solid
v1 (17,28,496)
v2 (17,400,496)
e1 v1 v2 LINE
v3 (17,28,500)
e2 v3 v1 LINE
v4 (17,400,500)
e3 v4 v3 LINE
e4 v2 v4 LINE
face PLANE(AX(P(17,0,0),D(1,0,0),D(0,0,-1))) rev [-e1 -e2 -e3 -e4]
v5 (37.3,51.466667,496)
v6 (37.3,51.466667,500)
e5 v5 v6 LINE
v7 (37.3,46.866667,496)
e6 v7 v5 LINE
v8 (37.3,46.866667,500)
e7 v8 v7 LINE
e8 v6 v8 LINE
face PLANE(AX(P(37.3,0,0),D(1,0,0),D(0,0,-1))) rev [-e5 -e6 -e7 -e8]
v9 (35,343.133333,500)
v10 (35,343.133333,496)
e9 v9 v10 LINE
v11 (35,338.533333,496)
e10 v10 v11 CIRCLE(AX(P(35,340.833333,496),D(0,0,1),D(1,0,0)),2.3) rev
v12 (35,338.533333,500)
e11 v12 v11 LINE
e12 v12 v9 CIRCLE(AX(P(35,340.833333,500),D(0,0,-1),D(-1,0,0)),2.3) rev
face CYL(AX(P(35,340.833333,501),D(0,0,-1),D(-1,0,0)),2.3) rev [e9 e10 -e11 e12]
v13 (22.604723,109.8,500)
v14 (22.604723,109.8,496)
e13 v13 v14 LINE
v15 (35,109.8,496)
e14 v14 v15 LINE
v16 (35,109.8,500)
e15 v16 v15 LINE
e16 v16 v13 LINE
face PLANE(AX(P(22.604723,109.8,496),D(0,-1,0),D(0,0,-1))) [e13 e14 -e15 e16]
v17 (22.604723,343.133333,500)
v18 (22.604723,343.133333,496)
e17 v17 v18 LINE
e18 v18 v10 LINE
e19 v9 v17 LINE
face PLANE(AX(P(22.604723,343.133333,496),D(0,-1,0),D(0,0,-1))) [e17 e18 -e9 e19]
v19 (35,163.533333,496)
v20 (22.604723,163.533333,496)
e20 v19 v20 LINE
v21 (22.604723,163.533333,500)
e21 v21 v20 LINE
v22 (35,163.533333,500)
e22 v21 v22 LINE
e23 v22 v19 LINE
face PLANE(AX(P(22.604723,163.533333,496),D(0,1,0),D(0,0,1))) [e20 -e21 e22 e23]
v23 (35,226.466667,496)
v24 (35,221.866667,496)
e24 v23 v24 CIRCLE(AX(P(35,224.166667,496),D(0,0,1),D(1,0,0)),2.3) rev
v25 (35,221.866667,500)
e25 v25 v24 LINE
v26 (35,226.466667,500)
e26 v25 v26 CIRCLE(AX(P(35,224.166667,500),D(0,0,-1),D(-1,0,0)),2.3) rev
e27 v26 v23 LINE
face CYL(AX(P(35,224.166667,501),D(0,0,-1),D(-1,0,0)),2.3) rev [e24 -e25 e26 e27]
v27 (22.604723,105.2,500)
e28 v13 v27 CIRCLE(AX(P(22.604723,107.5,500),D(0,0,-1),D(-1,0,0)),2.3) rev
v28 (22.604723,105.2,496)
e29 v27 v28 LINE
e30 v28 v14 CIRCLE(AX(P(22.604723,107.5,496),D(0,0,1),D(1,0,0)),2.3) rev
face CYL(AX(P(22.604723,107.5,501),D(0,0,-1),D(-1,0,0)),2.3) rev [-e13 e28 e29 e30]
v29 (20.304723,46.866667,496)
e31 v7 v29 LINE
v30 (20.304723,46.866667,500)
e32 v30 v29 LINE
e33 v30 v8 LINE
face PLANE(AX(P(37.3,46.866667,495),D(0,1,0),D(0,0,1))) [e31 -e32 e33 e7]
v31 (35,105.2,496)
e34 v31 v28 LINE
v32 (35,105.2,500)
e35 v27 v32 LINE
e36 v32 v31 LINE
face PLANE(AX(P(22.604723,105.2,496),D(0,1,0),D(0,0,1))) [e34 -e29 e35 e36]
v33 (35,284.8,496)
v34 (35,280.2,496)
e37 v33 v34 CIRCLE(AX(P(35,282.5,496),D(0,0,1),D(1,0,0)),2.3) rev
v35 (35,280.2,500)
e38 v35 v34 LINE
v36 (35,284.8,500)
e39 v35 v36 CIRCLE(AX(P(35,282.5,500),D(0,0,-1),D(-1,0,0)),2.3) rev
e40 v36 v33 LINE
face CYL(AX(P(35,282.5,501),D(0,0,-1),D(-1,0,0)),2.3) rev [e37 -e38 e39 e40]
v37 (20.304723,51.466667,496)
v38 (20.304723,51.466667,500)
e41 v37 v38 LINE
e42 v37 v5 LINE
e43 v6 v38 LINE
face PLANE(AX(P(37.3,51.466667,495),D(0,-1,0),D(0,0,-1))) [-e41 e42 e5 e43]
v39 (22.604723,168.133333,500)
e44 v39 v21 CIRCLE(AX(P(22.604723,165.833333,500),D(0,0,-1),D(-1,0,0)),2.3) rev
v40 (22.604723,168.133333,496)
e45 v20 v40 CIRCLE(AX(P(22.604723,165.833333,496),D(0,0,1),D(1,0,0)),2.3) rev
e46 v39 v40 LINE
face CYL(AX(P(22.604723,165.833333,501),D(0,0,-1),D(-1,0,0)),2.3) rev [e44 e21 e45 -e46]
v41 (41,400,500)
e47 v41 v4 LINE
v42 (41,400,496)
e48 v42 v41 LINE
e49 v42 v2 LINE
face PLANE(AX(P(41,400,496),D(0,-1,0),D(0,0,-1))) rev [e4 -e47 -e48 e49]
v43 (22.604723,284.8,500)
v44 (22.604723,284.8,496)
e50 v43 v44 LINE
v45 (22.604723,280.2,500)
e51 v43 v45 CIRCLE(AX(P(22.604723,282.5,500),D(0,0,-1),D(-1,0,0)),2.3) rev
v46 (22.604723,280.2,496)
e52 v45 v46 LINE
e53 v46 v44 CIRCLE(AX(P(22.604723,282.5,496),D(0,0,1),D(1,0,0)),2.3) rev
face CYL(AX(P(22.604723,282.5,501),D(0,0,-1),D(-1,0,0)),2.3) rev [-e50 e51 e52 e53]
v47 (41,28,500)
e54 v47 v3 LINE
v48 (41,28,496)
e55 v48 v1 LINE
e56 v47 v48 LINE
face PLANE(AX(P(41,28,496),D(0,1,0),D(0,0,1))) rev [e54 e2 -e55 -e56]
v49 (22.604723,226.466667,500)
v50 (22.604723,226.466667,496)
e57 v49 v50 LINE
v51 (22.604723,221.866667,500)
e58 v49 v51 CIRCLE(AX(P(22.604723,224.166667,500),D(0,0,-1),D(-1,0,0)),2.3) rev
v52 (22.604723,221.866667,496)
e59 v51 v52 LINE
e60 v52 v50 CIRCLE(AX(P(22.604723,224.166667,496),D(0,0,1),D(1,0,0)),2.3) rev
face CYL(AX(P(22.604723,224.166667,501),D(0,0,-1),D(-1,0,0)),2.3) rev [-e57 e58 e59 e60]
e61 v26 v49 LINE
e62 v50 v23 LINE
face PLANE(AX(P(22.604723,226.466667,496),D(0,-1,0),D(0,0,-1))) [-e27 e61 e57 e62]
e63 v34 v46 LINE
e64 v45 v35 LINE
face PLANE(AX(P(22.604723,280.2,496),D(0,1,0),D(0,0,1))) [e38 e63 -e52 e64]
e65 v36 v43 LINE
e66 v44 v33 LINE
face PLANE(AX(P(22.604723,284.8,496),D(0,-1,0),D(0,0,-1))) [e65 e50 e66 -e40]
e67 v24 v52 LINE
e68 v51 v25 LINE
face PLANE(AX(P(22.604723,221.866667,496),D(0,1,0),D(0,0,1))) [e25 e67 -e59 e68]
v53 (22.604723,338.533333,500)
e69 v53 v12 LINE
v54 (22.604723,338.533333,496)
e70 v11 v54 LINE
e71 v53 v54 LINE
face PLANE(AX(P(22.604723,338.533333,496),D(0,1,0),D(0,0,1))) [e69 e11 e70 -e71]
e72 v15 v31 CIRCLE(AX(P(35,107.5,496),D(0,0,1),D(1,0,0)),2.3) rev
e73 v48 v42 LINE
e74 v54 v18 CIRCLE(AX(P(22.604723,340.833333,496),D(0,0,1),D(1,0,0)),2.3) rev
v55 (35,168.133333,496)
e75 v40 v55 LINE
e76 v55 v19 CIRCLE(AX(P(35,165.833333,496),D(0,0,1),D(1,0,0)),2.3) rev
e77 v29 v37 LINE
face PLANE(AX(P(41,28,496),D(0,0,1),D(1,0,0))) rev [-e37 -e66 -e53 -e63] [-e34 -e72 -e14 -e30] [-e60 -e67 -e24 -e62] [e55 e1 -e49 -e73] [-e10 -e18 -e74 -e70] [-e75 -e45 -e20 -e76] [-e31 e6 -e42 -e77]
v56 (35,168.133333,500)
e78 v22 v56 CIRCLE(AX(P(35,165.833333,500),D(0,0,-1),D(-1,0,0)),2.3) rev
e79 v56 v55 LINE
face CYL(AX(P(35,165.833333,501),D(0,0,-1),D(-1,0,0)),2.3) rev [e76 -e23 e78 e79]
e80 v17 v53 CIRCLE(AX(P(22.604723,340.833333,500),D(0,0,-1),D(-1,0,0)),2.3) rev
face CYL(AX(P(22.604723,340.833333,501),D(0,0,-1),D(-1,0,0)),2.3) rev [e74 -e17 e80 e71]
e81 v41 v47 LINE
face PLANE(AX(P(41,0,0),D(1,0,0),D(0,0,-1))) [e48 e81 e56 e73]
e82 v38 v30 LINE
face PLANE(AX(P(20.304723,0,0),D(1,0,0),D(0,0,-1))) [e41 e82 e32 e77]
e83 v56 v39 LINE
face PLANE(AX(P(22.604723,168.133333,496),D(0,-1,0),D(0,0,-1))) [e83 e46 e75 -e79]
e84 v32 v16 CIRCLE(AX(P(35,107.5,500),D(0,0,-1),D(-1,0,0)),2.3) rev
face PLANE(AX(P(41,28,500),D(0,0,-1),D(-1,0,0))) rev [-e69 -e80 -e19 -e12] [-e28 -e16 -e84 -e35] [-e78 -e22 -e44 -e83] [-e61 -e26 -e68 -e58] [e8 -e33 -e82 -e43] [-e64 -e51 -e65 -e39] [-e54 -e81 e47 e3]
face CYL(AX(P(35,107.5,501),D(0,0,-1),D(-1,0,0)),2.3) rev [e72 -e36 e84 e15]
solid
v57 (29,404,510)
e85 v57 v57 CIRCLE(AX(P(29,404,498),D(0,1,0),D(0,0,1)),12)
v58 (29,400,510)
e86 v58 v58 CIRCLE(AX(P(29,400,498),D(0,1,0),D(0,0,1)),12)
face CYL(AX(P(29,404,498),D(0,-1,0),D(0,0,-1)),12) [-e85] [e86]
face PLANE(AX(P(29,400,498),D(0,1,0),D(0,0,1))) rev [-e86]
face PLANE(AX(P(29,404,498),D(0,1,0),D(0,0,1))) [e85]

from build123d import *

# Parameters (mm, degrees)
SLOT_0_START            = 20.304722665
SKETCH1_W               = 6
SKETCH1_H               = 4.6
SLOT_0_DEPTH            = 16.995277335
BAR_START               = 17
SKETCH2_W               = 4
SKETCH2_H               = 372
BAR_DEPTH               = 24
SLOT_END_1_START        = 495
SKETCH3_R               = 2.3
SLOT_END_1_DEPTH        = 6
SLOT_END_B_1_START      = 495
SKETCH4_R               = 2.3
SLOT_END_B_1_DEPTH      = 6
CUT_EXTRUDE1_DEPTH      = 642.623721507
CUT_EXTRUDE1_DEPTH_BACK = 642.623721507
SKETCH5_W               = 12.395277335
SKETCH5_H               = 4.6
SLOT_END_2_START        = 495
SKETCH6_R               = 2.3
SLOT_END_2_DEPTH        = 6
SLOT_END_B_2_START      = 495
SKETCH7_R               = 2.3
SLOT_END_B_2_DEPTH      = 6
CUT_EXTRUDE2_DEPTH      = 642.623721507
CUT_EXTRUDE2_DEPTH_BACK = 642.623721507
SKETCH8_W               = 12.395277335
SKETCH8_H               = 4.6
SLOT_END_3_START        = 495
SKETCH9_R               = 2.3
SLOT_END_3_DEPTH        = 6
SLOT_END_B_3_START      = 495
SKETCH10_R              = 2.3
SLOT_END_B_3_DEPTH      = 6
CUT_EXTRUDE3_DEPTH      = 642.623721507
CUT_EXTRUDE3_DEPTH_BACK = 642.623721507
SKETCH11_W              = 12.395277335
SKETCH11_H              = 4.6
SLOT_END_4_START        = 495
SKETCH12_R              = 2.3
SLOT_END_4_DEPTH        = 6
SLOT_END_B_4_START      = 495
SKETCH13_R              = 2.3
SLOT_END_B_4_DEPTH      = 6
CUT_EXTRUDE4_DEPTH      = 642.623721507
CUT_EXTRUDE4_DEPTH_BACK = 642.623721507
SKETCH14_W              = 12.395277335
SKETCH14_H              = 4.6
SLOT_END_5_START        = 495
SKETCH15_R              = 2.3
SLOT_END_5_DEPTH        = 6
SLOT_END_B_5_START      = 495
SKETCH16_R              = 2.3
SLOT_END_B_5_DEPTH      = 6
CUT_EXTRUDE5_DEPTH      = 642.623721507
CUT_EXTRUDE5_DEPTH_BACK = 642.623721507
SKETCH17_W              = 12.395277335
SKETCH17_H              = 4.6
CROSSHEAD_START         = 400
SKETCH18_R              = 12
CROSSHEAD_DEPTH         = 4


with BuildPart() as part:
    # Sketch1 → slot_0 (new body)
    with BuildSketch(Plane(origin=(0, 0, 0), x_dir=(0, 0, -1), z_dir=(1, 0, 0)).offset(SLOT_0_START)):
        with Locations((-498, 49.166666667)):
            Rectangle(SKETCH1_W, SKETCH1_H)
    extrude(amount=SLOT_0_DEPTH)


with BuildPart() as body_2:
    # Sketch2 → bar (new body)
    with BuildSketch(Plane(origin=(0, 0, 0), x_dir=(0, 0, -1), z_dir=(1, 0, 0)).offset(BAR_START)):
        with Locations((-498, 214)):
            Rectangle(SKETCH2_W, SKETCH2_H)
    extrude(amount=BAR_DEPTH)

    # Combine1: cut part
    add(part.part, mode=Mode.SUBTRACT)


with BuildPart() as body_2_2:
    # Sketch3 → slot_end_1 (new body)
    with BuildSketch(Plane.XY.offset(SLOT_END_1_START)):
        with Locations((22.604722665, 107.5)):
            Circle(SKETCH3_R)
    extrude(amount=SLOT_END_1_DEPTH)


with BuildPart() as body_2_1:
    add(body_2.part)

    # Combine2: cut body 2 2
    add(body_2_2.part, mode=Mode.SUBTRACT)


with BuildPart() as body_2_3:
    # Sketch4 → slot_end_b_1 (new body)
    with BuildSketch(Plane.XY.offset(SLOT_END_B_1_START)):
        with Locations((35, 107.5)):
            Circle(SKETCH4_R)
    extrude(amount=SLOT_END_B_1_DEPTH)


with BuildPart() as body_2_4:
    add(body_2_1.part)

    # Combine3: cut body 2 3
    add(body_2_3.part, mode=Mode.SUBTRACT)

    # Sketch5 → Cut-Extrude1 (cut, two sides: drawn at the far end of the back side and taken through both)
    with BuildSketch(Plane.XY.offset(-CUT_EXTRUDE1_DEPTH_BACK)):
        with Locations((28.802361332, 107.5)):
            Rectangle(SKETCH5_W, SKETCH5_H)
    extrude(amount=CUT_EXTRUDE1_DEPTH + CUT_EXTRUDE1_DEPTH_BACK, mode=Mode.SUBTRACT)


with BuildPart() as body_2_4_1:
    # Sketch6 → slot_end_2 (new body)
    with BuildSketch(Plane.XY.offset(SLOT_END_2_START)):
        with Locations((22.604722665, 165.833333333)):
            Circle(SKETCH6_R)
    extrude(amount=SLOT_END_2_DEPTH)


with BuildPart() as body_2_5:
    add(body_2_4.part)

    # Combine4: cut body 2 4
    add(body_2_4_1.part, mode=Mode.SUBTRACT)


with BuildPart() as body_2_5_1:
    # Sketch7 → slot_end_b_2 (new body)
    with BuildSketch(Plane.XY.offset(SLOT_END_B_2_START)):
        with Locations((35, 165.833333333)):
            Circle(SKETCH7_R)
    extrude(amount=SLOT_END_B_2_DEPTH)


with BuildPart() as body_2_6:
    add(body_2_5.part)

    # Combine5: cut body 2 5
    add(body_2_5_1.part, mode=Mode.SUBTRACT)

    # Sketch8 → Cut-Extrude2 (cut, two sides: drawn at the far end of the back side and taken through both)
    with BuildSketch(Plane.XY.offset(-CUT_EXTRUDE2_DEPTH_BACK)):
        with Locations((28.802361332, 165.833333333)):
            Rectangle(SKETCH8_W, SKETCH8_H)
    extrude(amount=CUT_EXTRUDE2_DEPTH + CUT_EXTRUDE2_DEPTH_BACK, mode=Mode.SUBTRACT)


with BuildPart() as body_2_6_1:
    # Sketch9 → slot_end_3 (new body)
    with BuildSketch(Plane.XY.offset(SLOT_END_3_START)):
        with Locations((22.604722665, 224.166666667)):
            Circle(SKETCH9_R)
    extrude(amount=SLOT_END_3_DEPTH)


with BuildPart() as body_2_7:
    add(body_2_6.part)

    # Combine6: cut body 2 6
    add(body_2_6_1.part, mode=Mode.SUBTRACT)


with BuildPart() as body_2_7_1:
    # Sketch10 → slot_end_b_3 (new body)
    with BuildSketch(Plane.XY.offset(SLOT_END_B_3_START)):
        with Locations((35, 224.166666667)):
            Circle(SKETCH10_R)
    extrude(amount=SLOT_END_B_3_DEPTH)


with BuildPart() as body_2_8:
    add(body_2_7.part)

    # Combine7: cut body 2 7
    add(body_2_7_1.part, mode=Mode.SUBTRACT)

    # Sketch11 → Cut-Extrude3 (cut, two sides: drawn at the far end of the back side and taken through both)
    with BuildSketch(Plane.XY.offset(-CUT_EXTRUDE3_DEPTH_BACK)):
        with Locations((28.802361332, 224.166666667)):
            Rectangle(SKETCH11_W, SKETCH11_H)
    extrude(amount=CUT_EXTRUDE3_DEPTH + CUT_EXTRUDE3_DEPTH_BACK, mode=Mode.SUBTRACT)


with BuildPart() as body_2_8_1:
    # Sketch12 → slot_end_4 (new body)
    with BuildSketch(Plane.XY.offset(SLOT_END_4_START)):
        with Locations((22.604722665, 282.5)):
            Circle(SKETCH12_R)
    extrude(amount=SLOT_END_4_DEPTH)


with BuildPart() as body_2_9:
    add(body_2_8.part)

    # Combine8: cut body 2 8
    add(body_2_8_1.part, mode=Mode.SUBTRACT)


with BuildPart() as body_2_9_1:
    # Sketch13 → slot_end_b_4 (new body)
    with BuildSketch(Plane.XY.offset(SLOT_END_B_4_START)):
        with Locations((35, 282.5)):
            Circle(SKETCH13_R)
    extrude(amount=SLOT_END_B_4_DEPTH)


with BuildPart() as body_2_10:
    add(body_2_9.part)

    # Combine9: cut body 2 9
    add(body_2_9_1.part, mode=Mode.SUBTRACT)

    # Sketch14 → Cut-Extrude4 (cut, two sides: drawn at the far end of the back side and taken through both)
    with BuildSketch(Plane.XY.offset(-CUT_EXTRUDE4_DEPTH_BACK)):
        with Locations((28.802361332, 282.5)):
            Rectangle(SKETCH14_W, SKETCH14_H)
    extrude(amount=CUT_EXTRUDE4_DEPTH + CUT_EXTRUDE4_DEPTH_BACK, mode=Mode.SUBTRACT)


with BuildPart() as body_2_10_1:
    # Sketch15 → slot_end_5 (new body)
    with BuildSketch(Plane.XY.offset(SLOT_END_5_START)):
        with Locations((22.604722665, 340.833333333)):
            Circle(SKETCH15_R)
    extrude(amount=SLOT_END_5_DEPTH)


with BuildPart() as body_2_11:
    add(body_2_10.part)

    # Combine10: cut body 2 10
    add(body_2_10_1.part, mode=Mode.SUBTRACT)


with BuildPart() as body_2_11_1:
    # Sketch16 → slot_end_b_5 (new body)
    with BuildSketch(Plane.XY.offset(SLOT_END_B_5_START)):
        with Locations((35, 340.833333333)):
            Circle(SKETCH16_R)
    extrude(amount=SLOT_END_B_5_DEPTH)


with BuildPart() as body_2_12:
    add(body_2_11.part)

    # Combine11: cut body 2 11
    add(body_2_11_1.part, mode=Mode.SUBTRACT)

    # Sketch17 → Cut-Extrude5 (cut, two sides: drawn at the far end of the back side and taken through both)
    with BuildSketch(Plane.XY.offset(-CUT_EXTRUDE5_DEPTH_BACK)):
        with Locations((28.802361332, 340.833333333)):
            Rectangle(SKETCH17_W, SKETCH17_H)
    extrude(amount=CUT_EXTRUDE5_DEPTH + CUT_EXTRUDE5_DEPTH_BACK, mode=Mode.SUBTRACT)


with BuildPart() as body_2_12_1:
    # Sketch18 → crosshead (new body)
    with BuildSketch(Plane(origin=(0, 0, 0), x_dir=(1, 0, 0), z_dir=(0, 1, 0)).offset(CROSSHEAD_START)):
        with Locations((29, -498)):
            Circle(SKETCH18_R)
    extrude(amount=CROSSHEAD_DEPTH)


solid = Compound([body_2_12.part, body_2_12_1.part])
